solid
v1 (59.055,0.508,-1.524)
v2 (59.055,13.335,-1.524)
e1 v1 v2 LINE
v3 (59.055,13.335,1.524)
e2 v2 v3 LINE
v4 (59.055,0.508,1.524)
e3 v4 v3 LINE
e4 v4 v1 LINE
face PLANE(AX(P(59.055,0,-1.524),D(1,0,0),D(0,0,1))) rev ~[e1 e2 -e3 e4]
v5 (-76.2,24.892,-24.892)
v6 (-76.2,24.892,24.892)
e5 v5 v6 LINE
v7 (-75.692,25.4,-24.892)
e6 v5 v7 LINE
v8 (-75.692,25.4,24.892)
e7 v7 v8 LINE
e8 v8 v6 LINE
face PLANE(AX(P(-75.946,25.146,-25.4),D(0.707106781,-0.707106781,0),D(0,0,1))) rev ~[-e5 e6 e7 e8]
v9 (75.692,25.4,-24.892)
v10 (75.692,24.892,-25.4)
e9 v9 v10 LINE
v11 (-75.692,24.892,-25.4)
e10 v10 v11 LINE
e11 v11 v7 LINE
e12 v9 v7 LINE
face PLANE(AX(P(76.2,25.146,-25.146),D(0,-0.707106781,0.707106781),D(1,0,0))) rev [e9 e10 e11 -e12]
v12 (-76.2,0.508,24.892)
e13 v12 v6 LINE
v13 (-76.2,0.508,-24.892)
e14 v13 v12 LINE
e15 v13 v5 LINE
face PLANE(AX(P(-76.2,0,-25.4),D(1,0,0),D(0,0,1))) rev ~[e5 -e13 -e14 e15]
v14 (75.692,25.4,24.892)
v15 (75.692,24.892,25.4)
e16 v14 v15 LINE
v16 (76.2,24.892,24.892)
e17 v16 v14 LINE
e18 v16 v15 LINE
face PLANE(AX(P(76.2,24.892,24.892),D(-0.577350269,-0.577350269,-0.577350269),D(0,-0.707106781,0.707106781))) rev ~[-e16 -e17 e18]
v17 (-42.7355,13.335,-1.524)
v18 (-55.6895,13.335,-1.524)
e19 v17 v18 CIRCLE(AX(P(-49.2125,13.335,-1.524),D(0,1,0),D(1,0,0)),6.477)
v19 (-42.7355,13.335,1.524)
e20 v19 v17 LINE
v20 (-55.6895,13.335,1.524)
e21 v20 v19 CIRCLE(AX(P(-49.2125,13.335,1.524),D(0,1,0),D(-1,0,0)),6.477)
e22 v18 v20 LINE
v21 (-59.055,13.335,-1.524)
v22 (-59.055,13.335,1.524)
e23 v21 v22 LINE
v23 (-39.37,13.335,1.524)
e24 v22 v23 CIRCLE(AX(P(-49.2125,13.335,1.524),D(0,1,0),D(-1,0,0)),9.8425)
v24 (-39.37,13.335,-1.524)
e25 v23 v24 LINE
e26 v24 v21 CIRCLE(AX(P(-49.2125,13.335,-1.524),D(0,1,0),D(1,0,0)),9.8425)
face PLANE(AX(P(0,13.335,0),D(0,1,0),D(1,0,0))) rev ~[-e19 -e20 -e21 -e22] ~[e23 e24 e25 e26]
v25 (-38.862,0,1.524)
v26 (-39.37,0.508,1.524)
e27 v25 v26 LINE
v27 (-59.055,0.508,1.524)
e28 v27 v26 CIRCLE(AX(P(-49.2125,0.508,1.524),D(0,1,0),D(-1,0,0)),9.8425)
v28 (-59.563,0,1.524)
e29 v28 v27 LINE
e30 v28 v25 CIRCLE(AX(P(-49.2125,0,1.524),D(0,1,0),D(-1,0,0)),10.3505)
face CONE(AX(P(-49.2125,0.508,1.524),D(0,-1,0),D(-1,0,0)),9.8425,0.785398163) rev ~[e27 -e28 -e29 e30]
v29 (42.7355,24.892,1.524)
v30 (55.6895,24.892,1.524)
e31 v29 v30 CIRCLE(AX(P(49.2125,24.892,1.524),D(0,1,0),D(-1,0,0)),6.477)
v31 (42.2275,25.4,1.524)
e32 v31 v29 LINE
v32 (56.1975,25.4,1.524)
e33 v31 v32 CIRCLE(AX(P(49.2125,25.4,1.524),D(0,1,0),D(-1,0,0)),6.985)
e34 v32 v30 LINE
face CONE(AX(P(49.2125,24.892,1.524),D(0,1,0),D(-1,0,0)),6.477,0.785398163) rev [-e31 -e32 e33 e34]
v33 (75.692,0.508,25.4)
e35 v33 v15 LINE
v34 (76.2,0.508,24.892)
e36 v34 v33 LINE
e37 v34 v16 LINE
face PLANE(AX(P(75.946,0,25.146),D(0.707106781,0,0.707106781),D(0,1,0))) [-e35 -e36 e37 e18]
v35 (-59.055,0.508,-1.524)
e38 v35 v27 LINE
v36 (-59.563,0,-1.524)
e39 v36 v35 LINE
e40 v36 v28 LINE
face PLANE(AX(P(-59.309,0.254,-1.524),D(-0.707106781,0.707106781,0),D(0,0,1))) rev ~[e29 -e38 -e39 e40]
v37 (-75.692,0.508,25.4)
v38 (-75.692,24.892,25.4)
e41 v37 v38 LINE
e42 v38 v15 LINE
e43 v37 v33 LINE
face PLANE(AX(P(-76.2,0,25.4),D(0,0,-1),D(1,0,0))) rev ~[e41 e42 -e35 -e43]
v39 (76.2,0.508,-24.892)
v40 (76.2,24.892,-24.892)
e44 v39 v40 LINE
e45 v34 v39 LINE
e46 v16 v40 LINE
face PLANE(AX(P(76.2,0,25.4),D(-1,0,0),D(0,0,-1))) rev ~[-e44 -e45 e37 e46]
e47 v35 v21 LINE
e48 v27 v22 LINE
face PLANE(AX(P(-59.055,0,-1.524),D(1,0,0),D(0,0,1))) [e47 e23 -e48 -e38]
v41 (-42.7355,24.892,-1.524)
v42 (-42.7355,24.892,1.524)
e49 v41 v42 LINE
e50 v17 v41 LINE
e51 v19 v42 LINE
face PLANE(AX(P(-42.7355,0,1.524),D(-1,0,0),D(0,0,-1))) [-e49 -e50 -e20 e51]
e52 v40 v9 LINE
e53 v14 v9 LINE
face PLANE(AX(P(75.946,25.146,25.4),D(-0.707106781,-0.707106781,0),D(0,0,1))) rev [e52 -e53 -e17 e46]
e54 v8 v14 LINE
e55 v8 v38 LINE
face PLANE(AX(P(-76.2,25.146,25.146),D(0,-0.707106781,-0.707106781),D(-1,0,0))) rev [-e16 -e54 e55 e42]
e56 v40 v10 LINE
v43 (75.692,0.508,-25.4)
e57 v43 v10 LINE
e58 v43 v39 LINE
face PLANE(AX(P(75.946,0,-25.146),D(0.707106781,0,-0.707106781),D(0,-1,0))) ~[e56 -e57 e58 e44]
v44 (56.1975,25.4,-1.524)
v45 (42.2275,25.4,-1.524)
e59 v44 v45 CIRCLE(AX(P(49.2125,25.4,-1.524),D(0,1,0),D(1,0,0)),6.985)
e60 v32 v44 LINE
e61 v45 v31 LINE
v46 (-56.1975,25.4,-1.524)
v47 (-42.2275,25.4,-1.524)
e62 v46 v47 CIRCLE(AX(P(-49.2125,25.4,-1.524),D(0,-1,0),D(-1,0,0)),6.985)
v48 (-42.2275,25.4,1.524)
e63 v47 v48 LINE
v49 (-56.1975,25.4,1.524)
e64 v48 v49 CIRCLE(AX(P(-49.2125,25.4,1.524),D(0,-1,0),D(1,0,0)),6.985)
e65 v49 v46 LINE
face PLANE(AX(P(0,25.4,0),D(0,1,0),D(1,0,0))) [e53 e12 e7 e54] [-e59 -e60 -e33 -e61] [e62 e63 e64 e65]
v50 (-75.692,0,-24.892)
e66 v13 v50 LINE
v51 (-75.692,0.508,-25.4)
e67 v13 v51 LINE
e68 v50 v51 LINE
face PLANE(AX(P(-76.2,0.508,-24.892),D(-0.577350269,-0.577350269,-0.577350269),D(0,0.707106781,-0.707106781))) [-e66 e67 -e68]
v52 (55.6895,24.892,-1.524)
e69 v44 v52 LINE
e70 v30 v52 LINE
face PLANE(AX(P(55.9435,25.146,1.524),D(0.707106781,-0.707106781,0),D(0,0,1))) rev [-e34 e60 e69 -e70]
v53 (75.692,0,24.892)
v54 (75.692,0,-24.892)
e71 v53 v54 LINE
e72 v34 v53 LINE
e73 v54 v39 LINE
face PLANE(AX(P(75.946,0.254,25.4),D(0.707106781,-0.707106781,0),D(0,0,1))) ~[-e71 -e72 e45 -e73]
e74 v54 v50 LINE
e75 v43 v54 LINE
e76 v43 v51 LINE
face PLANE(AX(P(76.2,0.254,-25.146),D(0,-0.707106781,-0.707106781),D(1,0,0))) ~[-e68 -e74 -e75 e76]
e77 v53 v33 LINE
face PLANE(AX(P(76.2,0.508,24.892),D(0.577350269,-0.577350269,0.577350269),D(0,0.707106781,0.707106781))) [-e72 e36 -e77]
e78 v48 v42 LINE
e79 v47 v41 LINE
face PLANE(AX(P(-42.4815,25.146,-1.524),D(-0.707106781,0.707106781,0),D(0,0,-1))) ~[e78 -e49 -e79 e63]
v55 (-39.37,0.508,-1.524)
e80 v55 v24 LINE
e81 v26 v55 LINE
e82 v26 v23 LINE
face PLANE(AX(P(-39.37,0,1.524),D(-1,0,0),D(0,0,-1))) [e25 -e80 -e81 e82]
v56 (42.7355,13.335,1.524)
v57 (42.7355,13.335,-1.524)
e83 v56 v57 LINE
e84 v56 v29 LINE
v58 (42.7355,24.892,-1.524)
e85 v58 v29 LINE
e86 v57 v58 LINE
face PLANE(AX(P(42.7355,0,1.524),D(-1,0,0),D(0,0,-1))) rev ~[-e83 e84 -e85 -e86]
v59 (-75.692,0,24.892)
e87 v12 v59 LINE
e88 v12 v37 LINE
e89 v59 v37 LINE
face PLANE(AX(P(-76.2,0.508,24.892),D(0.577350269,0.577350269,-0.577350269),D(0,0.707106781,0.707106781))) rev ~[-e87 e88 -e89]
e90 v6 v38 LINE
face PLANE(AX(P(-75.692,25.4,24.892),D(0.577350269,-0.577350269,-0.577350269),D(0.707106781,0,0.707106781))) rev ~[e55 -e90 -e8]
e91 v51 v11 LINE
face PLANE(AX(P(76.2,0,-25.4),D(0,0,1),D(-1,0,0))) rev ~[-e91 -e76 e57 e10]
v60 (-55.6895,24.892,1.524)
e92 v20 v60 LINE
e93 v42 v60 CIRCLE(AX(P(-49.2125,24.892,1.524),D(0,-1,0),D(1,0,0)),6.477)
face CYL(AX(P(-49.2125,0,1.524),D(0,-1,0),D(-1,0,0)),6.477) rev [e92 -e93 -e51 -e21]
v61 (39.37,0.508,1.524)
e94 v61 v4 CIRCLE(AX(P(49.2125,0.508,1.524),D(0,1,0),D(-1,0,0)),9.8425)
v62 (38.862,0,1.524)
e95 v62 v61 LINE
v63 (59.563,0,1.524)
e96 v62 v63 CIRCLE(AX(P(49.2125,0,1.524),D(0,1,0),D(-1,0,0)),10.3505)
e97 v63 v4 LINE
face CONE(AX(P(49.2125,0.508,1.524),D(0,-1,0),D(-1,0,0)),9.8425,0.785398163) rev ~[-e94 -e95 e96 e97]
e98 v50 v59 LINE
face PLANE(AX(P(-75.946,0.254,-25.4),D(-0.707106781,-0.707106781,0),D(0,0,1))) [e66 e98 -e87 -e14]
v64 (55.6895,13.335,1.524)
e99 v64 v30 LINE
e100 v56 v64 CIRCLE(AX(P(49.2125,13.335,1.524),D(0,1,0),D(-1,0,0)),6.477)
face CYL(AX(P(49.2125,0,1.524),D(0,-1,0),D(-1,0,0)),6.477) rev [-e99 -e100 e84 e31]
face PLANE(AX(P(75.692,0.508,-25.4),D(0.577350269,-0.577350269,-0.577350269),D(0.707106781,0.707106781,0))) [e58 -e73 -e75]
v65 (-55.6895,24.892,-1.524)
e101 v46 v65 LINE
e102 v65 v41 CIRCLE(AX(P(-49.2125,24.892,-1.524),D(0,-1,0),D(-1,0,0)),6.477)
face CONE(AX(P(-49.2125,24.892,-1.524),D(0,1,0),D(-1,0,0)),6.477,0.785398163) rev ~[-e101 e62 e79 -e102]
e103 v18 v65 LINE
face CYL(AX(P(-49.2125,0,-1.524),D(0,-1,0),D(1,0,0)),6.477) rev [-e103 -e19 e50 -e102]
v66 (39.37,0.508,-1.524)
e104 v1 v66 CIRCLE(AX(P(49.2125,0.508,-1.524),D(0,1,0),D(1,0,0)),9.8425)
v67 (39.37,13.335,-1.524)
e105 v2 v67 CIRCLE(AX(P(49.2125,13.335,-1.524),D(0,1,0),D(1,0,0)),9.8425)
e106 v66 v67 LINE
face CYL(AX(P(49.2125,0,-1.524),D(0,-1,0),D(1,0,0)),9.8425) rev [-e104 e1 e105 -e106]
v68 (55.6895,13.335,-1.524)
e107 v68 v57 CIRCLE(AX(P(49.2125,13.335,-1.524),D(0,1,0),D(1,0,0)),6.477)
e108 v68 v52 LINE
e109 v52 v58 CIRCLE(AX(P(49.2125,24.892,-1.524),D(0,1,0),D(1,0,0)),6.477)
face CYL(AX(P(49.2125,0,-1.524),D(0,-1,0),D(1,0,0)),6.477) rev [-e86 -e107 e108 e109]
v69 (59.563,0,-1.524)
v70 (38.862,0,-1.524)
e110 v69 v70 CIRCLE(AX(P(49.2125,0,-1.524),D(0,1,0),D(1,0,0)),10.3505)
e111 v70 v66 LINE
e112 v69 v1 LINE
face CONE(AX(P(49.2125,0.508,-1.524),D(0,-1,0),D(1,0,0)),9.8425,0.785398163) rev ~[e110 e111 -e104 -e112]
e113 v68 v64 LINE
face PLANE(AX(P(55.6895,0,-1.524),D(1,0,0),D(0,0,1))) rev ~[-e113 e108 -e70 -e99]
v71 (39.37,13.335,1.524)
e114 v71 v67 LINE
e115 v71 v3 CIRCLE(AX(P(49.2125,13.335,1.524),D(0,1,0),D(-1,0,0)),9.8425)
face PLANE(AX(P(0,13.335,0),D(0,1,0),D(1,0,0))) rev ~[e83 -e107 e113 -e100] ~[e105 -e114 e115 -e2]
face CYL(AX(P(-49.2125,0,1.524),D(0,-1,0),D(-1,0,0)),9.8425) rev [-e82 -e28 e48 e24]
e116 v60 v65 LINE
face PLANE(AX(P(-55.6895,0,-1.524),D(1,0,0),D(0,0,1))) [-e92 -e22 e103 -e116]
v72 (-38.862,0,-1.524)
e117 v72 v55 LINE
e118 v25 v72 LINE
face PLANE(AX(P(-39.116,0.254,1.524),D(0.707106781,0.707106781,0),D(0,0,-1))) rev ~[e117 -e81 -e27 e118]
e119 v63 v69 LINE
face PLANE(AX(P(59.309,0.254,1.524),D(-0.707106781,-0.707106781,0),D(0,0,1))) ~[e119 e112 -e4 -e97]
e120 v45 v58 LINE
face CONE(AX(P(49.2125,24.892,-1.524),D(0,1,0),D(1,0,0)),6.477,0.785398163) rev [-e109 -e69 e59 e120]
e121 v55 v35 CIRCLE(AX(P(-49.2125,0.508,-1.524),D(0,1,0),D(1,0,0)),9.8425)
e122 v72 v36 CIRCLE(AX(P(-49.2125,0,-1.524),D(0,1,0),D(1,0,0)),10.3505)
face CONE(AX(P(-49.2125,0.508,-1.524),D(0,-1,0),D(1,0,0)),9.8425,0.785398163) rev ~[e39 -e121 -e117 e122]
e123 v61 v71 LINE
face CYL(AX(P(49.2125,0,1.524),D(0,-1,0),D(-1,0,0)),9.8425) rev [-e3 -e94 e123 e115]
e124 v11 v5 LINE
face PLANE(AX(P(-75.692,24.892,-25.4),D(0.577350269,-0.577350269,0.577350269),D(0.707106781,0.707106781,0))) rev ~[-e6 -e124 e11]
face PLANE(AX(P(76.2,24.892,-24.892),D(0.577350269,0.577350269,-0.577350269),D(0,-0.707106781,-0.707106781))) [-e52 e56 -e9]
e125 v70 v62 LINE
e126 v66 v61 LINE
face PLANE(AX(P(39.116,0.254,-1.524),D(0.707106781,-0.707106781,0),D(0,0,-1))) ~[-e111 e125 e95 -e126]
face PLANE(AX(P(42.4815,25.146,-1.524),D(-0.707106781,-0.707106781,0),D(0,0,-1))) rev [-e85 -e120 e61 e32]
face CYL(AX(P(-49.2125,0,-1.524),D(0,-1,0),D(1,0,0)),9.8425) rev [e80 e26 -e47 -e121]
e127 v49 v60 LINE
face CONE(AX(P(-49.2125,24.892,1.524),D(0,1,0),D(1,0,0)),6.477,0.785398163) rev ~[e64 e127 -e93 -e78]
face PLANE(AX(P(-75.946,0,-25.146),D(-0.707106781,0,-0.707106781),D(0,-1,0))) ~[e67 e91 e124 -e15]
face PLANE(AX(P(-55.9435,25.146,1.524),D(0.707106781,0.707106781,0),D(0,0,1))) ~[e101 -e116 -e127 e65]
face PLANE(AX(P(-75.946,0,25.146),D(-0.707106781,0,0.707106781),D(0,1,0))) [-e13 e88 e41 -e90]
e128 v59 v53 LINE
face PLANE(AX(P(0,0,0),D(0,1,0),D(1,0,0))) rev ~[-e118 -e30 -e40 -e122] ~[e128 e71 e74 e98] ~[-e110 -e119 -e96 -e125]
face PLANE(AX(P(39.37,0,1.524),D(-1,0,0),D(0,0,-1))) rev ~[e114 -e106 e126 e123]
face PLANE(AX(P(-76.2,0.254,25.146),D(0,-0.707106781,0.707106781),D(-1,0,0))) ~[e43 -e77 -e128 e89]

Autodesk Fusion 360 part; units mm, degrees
sketch "Sketch1" plane through (0, 0, 0) normal (0, 1, 0) x (1, 0, 0)
  line L0 (76.2, 25.4) -> (-76.2, 25.4)
  line L1 (-76.2, 25.4) -> (-76.2, -25.4)
  line L2 (-76.2, -25.4) -> (76.2, -25.4)
  line L3 (76.2, -25.4) -> (76.2, 25.4)
  line L4 (76.2, 25.4) -> (-76.2, -25.4) construction
  line L5 (-76.2, 25.4) -> (76.2, -25.4) construction
  line L6 (-55.6895, 1.524) -> (-55.6895, -1.524)
  arc A0 (-55.6895, -1.524) -> (-42.7355, -1.524) centre (-49.2125, -1.524) ccw
  line L7 (-42.7355, -1.524) -> (-42.7355, 1.524)
  arc A1 (-42.7355, 1.524) -> (-55.6895, 1.524) centre (-49.2125, 1.524) ccw
  line L8 (-49.2125, 1.524) -> (-49.2125, -1.524) construction
  line L9 (0, 0) -> (0, -13.116) construction
  line L10 (-59.055, 1.524) -> (-59.055, -1.524)
  arc A2 (-59.055, -1.524) -> (-39.37, -1.524) centre (-49.2125, -1.524) ccw
  line L11 (-39.37, -1.524) -> (-39.37, 1.524)
  arc A3 (-39.37, 1.524) -> (-59.055, 1.524) centre (-49.2125, 1.524) ccw
  line L12 (-49.2125, 1.524) -> (-49.2125, -1.524) construction
  arc A4 (39.37, -1.524) -> (59.055, -1.524) centre (49.2125, -1.524) ccw
  line L13 (39.37, -1.524) -> (39.37, 1.524)
  arc A5 (59.055, 1.524) -> (39.37, 1.524) centre (49.2125, 1.524) ccw
  line L14 (59.055, 1.524) -> (59.055, -1.524)
  line L15 (55.6895, 1.524) -> (55.6895, -1.524)
  arc A6 (42.7355, -1.524) -> (55.6895, -1.524) centre (49.2125, -1.524) ccw
  line L16 (42.7355, -1.524) -> (42.7355, 1.524)
  arc A7 (55.6895, 1.524) -> (42.7355, 1.524) centre (49.2125, 1.524) ccw
  point P0 (-49.2125, 0)
  point P1 (-49.2125, 0)
  dimension "d1" = 152.4
  dimension "d2" = 50.8
  dimension "d3" = 49.2125
  dimension "d4" = 19.685
  dimension "d5" = 12.954
  dimension "d6" = 23.876
  dimension "d7" = 23.876
extrude "Extrude1" add sketch "Sketch1" along normal blind 25.4 contours L0 L1 L2 L3 | L6 A0 L7 A1 | L10 A2 L11 A3 | A4 L13 A5 L14 | L15 A6 L16 A7
extrude "Extrude2" cut sketch "Sketch1" along normal through all contours L6 A0 L7 A1 | L15 A6 L16 A7
extrude "Extrude3" cut sketch "Sketch1" along normal up to surface (13.335 mm away) contours L10 A2 L11 A3 | A4 L13 A5 L14
chamfer "Chamfer1" distance 0.508 angle 45 28 edges at (0, 0, 25.4) (76.2, 0, 0) (0, 0, -25.4) (-76.2, 0, 0) (-76.2, 12.7, 25.4) (-76.2, 25.4, 0) (-76.2, 12.7, -25.4) (0, 25.4, -25.4) (0, 25.4, 25.4) (76.2, 25.4, 0) (76.2, 12.7, 25.4) (76.2, 12.7, -25.4) (49.2125, 0, -11.3665) (39.37, 0, 0) (49.2125, 0, 11.3665) (59.055, 0, 0) (-39.37, 0, 0) (-49.2125, 0, -11.3665) (-59.055, 0, 0) (-49.2125, 0, 11.3665) (-55.6895, 25.4, 0) (-49.2125, 25.4, -8.001) (-42.7355, 25.4, 0) (-49.2125, 25.4, 8.001) (42.7355, 25.4, 0) (49.2125, 25.4, -8.001) (55.6895, 25.4, 0) (49.2125, 25.4, 8.001)
equation "d7 = d6"
